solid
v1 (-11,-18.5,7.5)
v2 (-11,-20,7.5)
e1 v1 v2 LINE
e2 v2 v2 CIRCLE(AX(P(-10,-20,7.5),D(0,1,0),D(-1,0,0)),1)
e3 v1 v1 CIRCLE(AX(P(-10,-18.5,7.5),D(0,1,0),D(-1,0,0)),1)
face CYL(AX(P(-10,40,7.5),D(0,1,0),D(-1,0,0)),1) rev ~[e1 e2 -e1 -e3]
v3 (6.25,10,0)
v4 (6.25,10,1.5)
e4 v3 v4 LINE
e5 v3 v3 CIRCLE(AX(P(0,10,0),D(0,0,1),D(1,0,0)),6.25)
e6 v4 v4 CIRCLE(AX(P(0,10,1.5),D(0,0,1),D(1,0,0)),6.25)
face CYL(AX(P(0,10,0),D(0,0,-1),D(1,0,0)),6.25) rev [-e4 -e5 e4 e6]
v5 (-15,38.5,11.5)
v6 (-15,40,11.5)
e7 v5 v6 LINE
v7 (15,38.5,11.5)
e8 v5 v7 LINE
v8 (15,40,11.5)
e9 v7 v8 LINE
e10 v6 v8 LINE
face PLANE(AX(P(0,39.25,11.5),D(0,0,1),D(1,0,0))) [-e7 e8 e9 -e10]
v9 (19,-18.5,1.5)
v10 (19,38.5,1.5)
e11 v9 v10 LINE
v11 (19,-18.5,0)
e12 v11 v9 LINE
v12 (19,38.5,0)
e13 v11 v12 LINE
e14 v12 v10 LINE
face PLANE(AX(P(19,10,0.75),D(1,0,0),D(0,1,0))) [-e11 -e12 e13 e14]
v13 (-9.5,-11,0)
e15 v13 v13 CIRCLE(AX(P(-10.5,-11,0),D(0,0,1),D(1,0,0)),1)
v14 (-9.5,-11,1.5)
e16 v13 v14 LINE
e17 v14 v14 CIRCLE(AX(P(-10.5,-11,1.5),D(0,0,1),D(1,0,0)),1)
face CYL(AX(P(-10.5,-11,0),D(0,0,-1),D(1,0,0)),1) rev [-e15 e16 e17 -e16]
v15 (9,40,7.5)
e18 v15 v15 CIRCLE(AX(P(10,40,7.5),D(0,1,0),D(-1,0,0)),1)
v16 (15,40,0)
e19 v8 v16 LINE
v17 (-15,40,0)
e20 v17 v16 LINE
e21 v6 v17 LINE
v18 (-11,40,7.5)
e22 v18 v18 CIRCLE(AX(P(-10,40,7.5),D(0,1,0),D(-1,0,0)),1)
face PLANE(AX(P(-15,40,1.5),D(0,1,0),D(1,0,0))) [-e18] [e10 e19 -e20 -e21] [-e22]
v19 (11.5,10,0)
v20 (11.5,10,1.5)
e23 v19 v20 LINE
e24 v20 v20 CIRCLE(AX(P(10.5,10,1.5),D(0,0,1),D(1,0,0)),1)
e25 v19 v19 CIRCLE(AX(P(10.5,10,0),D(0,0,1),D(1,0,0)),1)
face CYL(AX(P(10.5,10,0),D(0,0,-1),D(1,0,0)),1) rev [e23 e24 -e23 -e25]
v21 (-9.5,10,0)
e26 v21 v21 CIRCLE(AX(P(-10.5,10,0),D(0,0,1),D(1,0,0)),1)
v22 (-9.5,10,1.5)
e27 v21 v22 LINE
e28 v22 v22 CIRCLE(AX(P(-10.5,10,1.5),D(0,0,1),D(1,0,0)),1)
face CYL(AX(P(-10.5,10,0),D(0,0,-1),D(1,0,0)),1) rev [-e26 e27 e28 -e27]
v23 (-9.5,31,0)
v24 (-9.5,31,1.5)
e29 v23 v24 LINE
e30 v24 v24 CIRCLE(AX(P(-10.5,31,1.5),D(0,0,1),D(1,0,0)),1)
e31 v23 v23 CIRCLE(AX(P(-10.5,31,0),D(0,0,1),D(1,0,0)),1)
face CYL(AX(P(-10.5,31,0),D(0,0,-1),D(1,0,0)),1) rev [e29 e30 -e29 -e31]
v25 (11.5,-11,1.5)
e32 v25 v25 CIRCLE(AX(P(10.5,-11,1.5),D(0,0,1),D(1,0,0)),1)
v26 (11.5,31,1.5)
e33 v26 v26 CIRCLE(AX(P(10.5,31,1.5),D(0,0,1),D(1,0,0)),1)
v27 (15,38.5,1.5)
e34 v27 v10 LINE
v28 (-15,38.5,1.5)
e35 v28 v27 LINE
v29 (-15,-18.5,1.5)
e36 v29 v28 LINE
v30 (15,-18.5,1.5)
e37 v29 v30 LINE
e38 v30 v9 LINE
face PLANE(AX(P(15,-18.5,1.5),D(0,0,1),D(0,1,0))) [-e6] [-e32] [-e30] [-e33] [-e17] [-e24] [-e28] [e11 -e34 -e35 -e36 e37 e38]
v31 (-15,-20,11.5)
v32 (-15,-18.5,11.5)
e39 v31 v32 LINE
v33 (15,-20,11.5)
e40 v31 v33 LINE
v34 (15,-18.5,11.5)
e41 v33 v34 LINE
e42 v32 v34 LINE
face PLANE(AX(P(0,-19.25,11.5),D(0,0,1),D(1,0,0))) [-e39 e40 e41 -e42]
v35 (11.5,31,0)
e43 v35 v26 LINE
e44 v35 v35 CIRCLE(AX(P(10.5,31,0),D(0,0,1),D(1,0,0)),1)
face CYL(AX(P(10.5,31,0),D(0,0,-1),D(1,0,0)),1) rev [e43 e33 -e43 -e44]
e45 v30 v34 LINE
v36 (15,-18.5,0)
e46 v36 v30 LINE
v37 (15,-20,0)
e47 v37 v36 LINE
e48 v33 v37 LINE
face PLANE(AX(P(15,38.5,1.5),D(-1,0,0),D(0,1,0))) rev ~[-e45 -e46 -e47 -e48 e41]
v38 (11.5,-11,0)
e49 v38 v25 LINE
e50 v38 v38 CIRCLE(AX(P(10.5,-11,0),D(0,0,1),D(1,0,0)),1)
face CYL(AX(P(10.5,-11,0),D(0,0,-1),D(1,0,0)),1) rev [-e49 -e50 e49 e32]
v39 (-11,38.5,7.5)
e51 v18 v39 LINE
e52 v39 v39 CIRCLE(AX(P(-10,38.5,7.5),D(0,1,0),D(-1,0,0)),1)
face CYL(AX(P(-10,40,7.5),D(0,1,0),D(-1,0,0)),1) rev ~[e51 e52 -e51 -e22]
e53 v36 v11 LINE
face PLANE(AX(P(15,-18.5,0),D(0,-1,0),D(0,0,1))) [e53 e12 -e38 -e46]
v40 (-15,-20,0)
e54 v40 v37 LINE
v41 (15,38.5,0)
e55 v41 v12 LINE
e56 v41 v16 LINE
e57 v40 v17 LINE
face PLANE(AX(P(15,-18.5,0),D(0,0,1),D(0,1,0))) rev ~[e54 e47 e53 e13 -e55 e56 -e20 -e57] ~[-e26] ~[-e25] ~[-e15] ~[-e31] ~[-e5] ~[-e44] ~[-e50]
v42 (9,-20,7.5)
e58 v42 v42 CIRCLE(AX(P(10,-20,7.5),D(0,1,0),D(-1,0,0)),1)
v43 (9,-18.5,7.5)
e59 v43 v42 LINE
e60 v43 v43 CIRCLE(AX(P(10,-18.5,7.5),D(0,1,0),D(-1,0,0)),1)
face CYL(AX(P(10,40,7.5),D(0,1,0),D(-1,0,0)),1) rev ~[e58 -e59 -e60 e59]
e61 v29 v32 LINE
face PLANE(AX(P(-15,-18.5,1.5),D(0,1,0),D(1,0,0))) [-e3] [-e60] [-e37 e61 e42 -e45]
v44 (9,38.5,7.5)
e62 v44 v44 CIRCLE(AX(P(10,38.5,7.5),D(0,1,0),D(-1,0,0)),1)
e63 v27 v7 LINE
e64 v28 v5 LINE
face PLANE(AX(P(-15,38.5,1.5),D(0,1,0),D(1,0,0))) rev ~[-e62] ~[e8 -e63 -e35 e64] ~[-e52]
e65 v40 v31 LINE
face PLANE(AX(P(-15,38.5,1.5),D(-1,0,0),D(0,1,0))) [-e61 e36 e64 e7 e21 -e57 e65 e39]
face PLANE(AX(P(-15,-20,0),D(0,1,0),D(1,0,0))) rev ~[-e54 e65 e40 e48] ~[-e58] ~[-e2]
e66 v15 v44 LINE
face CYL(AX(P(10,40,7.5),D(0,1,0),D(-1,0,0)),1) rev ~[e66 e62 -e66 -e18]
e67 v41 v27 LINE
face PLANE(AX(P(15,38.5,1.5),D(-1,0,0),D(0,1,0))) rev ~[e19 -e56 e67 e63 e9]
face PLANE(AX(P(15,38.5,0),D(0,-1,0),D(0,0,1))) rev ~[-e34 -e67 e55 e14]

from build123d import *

# Parameters (mm, degrees)
F0_W     = 30
F0_H     = 60
F0_R     = 1
F0_R_2   = 6.25
F1_DEPTH = 1.5
F2_W     = 30
F2_H     = 1.5
F3_DEPTH = 10
F4_R     = 1
F5_DEPTH = 60.001
F6_W     = 57
F6_H     = 1.5
F7_DEPTH = 4


with BuildPart() as f1:
    # F0 (on Top) → F1 (new body)
    with BuildSketch(Plane.XY):
        with Locations((0, 10)):
            Rectangle(F0_W, F0_H)
        with Locations((-10.5, -11)):
            Circle(F0_R, mode=Mode.SUBTRACT)
        with Locations((10.5, -11)):
            Circle(F0_R, mode=Mode.SUBTRACT)
        with Locations((-10.5, 10)):
            Circle(F0_R, mode=Mode.SUBTRACT)
        with Locations((-10.5, 31)):
            Circle(F0_R, mode=Mode.SUBTRACT)
        with Locations((0, 10)):
            Circle(F0_R_2, mode=Mode.SUBTRACT)
        with Locations((10.5, 10)):
            Circle(F0_R, mode=Mode.SUBTRACT)
        with Locations((10.5, 31)):
            Circle(F0_R, mode=Mode.SUBTRACT)
    extrude(amount=F1_DEPTH)

    # F2 (on face) → F3 (join)
    with BuildSketch(Plane.XY.offset(1.5)):
        with Locations((0, 39.25)):
            Rectangle(F2_W, F2_H)
        with Locations((0, -19.25)):
            Rectangle(F2_W, F2_H)
    extrude(amount=F3_DEPTH)

    # F4 (on face) → F5 (cut, through all)
    with BuildSketch(Plane(origin=(0, 40, 0), x_dir=(-1, 0, 0), z_dir=(0, 1, 0))):
        with Locations((-10, 7.5)):
            Circle(F4_R)
        with Locations((10, 7.5)):
            Circle(F4_R)
    extrude(amount=-F5_DEPTH, mode=Mode.SUBTRACT)

    # F6 (on face) → F7 (join)
    with BuildSketch(Plane.YZ.offset(15)):
        with Locations((10, 0.75)):
            Rectangle(F6_W, F6_H)
    extrude(amount=F7_DEPTH)


solid = f1.part
